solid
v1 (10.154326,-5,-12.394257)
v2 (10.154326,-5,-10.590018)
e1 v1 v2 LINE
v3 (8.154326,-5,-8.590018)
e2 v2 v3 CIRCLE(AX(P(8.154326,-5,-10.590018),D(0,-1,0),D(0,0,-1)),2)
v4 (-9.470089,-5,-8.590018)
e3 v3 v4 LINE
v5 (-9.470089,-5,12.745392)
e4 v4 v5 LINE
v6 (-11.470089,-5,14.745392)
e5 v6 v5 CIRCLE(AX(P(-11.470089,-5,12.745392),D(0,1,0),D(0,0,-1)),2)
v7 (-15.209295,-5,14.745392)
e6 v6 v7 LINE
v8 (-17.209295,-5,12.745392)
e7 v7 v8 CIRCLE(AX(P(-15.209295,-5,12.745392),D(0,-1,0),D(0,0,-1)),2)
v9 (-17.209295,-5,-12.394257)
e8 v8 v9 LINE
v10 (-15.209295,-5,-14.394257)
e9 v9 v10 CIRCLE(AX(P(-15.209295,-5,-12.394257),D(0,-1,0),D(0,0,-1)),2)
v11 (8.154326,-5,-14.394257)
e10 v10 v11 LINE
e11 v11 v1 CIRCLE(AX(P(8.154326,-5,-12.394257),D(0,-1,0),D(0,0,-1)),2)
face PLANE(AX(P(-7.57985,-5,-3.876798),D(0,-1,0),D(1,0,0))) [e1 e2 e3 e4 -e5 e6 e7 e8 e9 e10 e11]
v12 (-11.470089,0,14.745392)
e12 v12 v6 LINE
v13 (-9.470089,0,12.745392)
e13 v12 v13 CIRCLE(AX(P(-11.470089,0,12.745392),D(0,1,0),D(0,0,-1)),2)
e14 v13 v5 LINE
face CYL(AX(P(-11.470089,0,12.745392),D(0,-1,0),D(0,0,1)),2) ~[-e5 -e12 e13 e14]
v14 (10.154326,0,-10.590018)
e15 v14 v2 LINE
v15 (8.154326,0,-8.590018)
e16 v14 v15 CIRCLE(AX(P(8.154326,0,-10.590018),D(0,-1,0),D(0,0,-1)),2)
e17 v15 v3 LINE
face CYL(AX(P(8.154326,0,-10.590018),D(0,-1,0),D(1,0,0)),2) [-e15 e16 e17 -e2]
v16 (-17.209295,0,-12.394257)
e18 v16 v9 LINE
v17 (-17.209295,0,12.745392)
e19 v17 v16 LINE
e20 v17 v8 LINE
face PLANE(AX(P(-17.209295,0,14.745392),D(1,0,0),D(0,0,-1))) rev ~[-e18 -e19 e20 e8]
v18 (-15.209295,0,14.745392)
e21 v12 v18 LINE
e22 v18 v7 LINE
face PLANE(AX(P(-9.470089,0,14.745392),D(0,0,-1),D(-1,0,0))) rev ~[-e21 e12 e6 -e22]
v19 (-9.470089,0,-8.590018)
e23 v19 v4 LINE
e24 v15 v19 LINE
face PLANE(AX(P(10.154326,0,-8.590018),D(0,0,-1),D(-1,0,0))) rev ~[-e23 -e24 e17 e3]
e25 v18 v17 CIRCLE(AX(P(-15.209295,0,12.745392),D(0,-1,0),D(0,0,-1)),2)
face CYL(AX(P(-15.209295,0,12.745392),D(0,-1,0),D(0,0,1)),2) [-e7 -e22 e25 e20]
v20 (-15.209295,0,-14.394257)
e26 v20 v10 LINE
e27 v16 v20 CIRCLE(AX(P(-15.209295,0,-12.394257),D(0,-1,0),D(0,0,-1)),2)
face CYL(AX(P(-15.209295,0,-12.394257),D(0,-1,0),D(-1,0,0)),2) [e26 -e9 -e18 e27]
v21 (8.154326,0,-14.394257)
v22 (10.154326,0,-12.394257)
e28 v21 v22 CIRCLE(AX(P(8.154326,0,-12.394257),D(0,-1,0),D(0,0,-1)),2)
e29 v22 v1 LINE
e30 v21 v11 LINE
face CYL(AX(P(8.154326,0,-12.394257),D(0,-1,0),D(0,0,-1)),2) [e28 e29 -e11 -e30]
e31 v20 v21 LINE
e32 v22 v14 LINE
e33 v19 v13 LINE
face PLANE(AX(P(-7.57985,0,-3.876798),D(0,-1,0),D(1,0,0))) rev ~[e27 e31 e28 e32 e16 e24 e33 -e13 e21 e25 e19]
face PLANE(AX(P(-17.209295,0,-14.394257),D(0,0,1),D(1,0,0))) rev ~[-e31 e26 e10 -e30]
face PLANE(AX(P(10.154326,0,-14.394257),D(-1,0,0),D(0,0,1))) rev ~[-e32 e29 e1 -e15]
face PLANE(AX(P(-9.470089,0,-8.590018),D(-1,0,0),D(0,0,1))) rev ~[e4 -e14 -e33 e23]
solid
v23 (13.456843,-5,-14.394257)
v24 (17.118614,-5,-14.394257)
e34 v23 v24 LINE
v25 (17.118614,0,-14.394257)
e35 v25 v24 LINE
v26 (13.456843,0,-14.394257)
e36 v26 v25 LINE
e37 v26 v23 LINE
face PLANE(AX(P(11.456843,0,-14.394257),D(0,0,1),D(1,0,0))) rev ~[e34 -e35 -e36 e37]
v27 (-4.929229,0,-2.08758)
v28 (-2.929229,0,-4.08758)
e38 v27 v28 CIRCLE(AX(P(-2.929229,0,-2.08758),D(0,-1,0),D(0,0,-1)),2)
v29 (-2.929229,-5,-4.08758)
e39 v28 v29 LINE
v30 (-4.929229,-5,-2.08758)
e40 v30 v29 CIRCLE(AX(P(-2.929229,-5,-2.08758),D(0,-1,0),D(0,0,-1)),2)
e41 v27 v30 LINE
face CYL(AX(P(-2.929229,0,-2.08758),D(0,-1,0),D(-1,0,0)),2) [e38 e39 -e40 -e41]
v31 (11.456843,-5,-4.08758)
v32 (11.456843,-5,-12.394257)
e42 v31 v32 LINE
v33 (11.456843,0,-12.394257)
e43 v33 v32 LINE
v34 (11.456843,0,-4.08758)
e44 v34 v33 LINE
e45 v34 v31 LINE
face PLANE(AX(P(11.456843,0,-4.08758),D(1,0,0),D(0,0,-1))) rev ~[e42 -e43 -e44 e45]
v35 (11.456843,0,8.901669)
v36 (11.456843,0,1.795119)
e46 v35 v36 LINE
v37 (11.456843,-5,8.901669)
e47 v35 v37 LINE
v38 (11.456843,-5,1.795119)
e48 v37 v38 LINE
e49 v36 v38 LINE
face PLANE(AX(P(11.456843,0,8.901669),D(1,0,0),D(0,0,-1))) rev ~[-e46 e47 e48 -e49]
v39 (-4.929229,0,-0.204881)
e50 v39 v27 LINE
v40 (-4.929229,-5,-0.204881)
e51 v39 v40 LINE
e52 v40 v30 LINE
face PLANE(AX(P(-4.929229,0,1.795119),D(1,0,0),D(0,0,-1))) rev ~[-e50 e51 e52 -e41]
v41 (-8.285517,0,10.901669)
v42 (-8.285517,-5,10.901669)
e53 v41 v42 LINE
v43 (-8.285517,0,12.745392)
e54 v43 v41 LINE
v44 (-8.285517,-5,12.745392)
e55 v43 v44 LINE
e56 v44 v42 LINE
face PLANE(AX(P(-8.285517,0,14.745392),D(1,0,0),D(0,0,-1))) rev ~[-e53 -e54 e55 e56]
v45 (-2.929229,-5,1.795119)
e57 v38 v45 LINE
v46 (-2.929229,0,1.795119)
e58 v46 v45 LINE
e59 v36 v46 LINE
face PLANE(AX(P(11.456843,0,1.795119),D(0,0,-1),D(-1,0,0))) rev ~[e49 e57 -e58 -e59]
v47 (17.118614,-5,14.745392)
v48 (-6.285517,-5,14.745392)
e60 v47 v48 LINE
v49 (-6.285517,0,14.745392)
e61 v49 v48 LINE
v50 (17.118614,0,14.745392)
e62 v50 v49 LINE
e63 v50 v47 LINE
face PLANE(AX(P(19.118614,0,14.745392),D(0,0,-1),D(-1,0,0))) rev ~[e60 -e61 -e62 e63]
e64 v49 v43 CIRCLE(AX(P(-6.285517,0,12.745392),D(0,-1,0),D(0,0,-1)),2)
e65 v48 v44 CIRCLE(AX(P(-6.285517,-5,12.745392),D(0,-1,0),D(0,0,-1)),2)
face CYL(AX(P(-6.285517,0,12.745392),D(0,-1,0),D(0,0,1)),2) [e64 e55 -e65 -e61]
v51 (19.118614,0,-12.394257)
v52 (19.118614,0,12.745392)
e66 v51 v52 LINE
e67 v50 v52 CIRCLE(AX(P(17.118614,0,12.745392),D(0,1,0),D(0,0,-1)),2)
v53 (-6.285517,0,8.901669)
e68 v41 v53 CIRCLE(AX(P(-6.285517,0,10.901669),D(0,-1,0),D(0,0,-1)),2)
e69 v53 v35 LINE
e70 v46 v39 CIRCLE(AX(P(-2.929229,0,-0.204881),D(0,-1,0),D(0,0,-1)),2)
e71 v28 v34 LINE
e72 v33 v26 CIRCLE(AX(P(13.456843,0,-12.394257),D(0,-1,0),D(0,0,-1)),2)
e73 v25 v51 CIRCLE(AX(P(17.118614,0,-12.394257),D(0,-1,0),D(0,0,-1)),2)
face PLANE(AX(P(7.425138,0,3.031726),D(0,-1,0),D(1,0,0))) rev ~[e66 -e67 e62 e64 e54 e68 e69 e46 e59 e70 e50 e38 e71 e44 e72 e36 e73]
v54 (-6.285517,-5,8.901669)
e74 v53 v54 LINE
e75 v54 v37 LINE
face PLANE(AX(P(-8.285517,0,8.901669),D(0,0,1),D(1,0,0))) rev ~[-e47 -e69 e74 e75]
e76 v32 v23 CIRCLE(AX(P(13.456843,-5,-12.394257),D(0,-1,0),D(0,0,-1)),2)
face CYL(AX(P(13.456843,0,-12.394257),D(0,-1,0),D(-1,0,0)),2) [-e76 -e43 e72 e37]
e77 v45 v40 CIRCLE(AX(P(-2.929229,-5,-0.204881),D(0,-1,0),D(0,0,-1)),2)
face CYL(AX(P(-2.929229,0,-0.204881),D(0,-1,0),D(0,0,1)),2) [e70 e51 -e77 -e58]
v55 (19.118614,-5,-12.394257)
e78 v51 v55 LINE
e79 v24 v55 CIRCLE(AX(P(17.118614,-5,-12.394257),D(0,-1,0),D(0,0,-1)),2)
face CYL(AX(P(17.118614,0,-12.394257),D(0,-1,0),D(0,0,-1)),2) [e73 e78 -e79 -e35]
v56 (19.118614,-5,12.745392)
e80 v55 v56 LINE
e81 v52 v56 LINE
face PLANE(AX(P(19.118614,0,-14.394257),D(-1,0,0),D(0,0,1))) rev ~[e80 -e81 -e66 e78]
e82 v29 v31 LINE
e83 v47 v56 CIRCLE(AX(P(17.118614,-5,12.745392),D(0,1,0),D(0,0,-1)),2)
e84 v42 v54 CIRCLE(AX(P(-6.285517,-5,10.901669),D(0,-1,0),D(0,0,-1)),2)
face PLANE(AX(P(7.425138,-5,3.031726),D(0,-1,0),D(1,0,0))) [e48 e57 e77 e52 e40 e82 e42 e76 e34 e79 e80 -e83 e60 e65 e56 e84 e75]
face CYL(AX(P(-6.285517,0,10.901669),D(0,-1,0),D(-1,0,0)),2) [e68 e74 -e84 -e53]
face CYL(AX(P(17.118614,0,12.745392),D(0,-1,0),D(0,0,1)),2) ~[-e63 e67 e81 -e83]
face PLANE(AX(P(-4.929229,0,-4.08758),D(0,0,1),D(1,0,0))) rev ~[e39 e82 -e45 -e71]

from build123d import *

# Parameters (mm, degrees)
F1_DEPTH = 5
F2_R     = 2


with BuildPart() as f1:
    # F0 (on Front) → F1 (new body)
    with BuildSketch(Plane.XZ):
        Polygon((-9.470089, 14.745392), (-17.209295, 14.745392), (-17.209295, -14.394257), (10.154326, -14.394257), (10.154326, -8.590018), (-9.470089, -8.590018), align=None)
        Polygon((19.118614, 14.745392), (-8.285517, 14.745392), (-8.285517, 8.901669), (11.456843, 8.901669), (11.456843, 1.795119), (-4.929229, 1.795119), (-4.929229, -4.08758), (11.456843, -4.08758), (11.456843, -14.394257), (19.118614, -14.394257), align=None)
    extrude(amount=F1_DEPTH)

    # F2
    f2_edges = [f1.edges().sort_by_distance(p)[0] for p in [
        (-17.209295, -2.5, 14.745392),
        (-9.470089, -2.5, 14.745392),
        (-17.209295, -2.5, -14.394257),
        (10.154326, -2.5, -14.394257),
        (10.154326, -2.5, -8.590018),
        (11.456843, -2.5, -14.394257),
        (19.118614, -2.5, -14.394257),
        (19.118614, -2.5, 14.745392),
        (-4.929229, -2.5, -4.08758),
        (-4.929229, -2.5, 1.795119),
        (-8.285517, -2.5, 8.901669),
        (-8.285517, -2.5, 14.745392),
    ]]
    fillet(f2_edges, radius=F2_R)


solid = f1.part
